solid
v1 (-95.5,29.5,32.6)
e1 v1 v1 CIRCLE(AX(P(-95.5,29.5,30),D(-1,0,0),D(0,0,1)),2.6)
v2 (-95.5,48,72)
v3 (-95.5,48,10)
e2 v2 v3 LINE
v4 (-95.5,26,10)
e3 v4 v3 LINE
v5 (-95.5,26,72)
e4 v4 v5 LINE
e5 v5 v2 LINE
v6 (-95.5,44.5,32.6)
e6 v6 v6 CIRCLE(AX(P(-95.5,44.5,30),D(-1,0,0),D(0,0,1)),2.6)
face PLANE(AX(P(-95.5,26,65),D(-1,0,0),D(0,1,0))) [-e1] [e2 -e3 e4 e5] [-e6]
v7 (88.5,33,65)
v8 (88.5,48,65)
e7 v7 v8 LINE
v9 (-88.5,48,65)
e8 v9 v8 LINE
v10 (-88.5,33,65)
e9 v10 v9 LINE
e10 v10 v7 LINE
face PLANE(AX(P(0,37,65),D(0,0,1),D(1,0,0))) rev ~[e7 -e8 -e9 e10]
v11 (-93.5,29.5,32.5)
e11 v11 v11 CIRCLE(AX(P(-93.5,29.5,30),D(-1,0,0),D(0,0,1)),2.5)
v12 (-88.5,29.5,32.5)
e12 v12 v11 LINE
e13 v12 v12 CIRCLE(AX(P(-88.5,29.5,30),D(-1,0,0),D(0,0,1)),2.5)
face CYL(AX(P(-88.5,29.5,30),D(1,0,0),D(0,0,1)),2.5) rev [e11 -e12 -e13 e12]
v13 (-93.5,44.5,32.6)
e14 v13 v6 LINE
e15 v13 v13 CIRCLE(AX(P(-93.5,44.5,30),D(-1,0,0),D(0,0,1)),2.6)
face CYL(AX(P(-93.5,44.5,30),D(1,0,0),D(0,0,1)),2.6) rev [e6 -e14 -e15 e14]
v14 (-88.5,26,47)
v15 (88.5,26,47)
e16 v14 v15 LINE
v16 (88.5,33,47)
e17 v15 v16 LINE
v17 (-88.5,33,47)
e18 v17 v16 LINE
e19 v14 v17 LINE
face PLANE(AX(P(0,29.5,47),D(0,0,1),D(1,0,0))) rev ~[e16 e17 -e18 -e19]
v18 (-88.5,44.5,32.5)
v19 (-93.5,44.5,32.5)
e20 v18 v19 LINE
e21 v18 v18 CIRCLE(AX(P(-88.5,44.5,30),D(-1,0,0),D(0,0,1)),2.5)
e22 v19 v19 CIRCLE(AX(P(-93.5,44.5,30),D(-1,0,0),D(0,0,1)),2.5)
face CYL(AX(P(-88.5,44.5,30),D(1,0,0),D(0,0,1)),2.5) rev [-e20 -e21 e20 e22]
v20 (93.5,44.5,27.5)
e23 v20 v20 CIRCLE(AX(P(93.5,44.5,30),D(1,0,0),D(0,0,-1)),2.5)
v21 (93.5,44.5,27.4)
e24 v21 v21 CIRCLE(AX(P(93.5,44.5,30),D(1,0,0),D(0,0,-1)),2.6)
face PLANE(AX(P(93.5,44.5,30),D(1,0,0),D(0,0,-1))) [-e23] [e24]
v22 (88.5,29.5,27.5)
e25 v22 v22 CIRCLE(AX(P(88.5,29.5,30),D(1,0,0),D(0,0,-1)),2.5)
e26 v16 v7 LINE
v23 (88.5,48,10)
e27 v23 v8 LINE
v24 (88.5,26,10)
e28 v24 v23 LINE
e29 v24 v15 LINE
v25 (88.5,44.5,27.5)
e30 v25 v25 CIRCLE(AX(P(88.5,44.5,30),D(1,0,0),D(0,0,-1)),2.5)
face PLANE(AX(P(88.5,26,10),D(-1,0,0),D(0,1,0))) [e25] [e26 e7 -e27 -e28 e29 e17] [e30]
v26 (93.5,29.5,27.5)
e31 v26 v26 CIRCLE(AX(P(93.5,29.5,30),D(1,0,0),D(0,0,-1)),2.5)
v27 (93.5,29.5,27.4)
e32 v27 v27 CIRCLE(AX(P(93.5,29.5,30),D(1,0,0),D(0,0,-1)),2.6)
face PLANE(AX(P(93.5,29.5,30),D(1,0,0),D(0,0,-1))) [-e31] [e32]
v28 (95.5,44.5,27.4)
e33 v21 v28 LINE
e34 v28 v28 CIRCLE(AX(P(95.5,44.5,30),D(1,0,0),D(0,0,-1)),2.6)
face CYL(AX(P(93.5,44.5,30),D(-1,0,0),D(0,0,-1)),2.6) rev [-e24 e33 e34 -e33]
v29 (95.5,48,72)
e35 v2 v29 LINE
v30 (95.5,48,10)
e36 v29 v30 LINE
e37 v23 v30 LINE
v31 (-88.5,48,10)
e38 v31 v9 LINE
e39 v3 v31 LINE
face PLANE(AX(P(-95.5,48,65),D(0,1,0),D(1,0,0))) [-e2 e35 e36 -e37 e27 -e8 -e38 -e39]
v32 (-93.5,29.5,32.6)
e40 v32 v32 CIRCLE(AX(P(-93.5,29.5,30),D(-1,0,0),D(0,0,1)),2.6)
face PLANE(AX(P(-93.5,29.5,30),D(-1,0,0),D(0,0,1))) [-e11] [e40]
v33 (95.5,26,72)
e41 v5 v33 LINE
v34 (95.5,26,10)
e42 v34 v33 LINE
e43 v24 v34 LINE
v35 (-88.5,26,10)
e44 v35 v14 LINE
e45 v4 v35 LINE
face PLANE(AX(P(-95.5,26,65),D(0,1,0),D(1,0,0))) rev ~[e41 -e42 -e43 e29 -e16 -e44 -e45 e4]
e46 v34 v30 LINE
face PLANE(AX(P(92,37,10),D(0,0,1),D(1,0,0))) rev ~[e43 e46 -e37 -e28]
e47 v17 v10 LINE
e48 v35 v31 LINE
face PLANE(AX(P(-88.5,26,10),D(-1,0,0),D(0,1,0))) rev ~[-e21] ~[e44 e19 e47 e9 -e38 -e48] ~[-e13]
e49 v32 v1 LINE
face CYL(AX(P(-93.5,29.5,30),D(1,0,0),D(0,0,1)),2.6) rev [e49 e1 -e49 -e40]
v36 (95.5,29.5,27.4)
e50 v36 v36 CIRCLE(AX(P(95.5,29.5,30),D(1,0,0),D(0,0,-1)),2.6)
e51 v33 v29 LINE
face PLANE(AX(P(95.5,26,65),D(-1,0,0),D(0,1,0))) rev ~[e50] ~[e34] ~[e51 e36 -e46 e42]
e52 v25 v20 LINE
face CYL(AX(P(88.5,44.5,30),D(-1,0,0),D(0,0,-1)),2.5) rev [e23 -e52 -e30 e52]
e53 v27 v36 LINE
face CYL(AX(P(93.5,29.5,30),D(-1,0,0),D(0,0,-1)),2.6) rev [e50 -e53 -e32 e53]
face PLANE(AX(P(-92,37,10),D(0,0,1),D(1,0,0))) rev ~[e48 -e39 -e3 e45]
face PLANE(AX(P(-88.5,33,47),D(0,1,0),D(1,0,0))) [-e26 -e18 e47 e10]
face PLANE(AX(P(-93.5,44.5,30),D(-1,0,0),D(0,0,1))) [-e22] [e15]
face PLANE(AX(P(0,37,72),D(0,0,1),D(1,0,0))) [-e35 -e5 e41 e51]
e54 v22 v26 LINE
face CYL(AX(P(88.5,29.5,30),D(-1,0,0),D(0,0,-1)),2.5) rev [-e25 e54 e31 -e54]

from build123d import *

# Parameters (mm, degrees)
CYLINDER145_R             = 2.6
CYLINDER145_DEPTH         = 2
CYLINDER144_R             = 2.5
CYLINDER144_DEPTH         = 5
FUSION066_PLACEMENT_ANGLE = 90
CYLINDER153_R             = 2.6
CYLINDER153_DEPTH         = 2
CYLINDER152_R             = 2.5
CYLINDER152_DEPTH         = 5
FUSION070_PLACEMENT_ANGLE = 90
CYLINDER148_R             = 2.6
CYLINDER148_DEPTH         = 2
CYLINDER147_R             = 2.5
CYLINDER147_DEPTH         = 5
FUSION071_PLACEMENT_ANGLE = 90
CYLINDER139_R             = 2.6
CYLINDER139_DEPTH         = 2
CYLINDER138_R             = 2.5
CYLINDER138_DEPTH         = 5
FUSION064_PLACEMENT_ANGLE = 270
BOX037_W                  = 177
BOX037_H                  = 7
BOX037_DEPTH              = 18
BOX033_W                  = 7
BOX033_H                  = 22
BOX033_DEPTH              = 55
BOX034_W                  = 191
BOX034_H                  = 22
BOX034_DEPTH              = 7
BOX032_W                  = 7
BOX032_H                  = 22
BOX032_DEPTH              = 55


with BuildPart() as cilindro145:
    # Cylinder145 → Cylinder145 (new body)
    with BuildSketch(Plane.XY.offset(5)):
        Circle(CYLINDER145_R)
    extrude(amount=CYLINDER145_DEPTH)


with BuildPart() as enganche_lego032:
    # Cylinder144 → Cylinder144 (new body)
    with BuildSketch(Plane.XY):
        Circle(CYLINDER144_R)
    extrude(amount=CYLINDER144_DEPTH)

    # Fusion066: union Cilindro145
    add(cilindro145.part)


with BuildPart() as enganche_lego032_1:
    # Fusion066 placement: moved
    add(enganche_lego032.part.moved(Location((88.5, 29.5, 30))).rotate(Axis((88.5, 29.5, 30), (0, 1, 0)), FUSION066_PLACEMENT_ANGLE))


with BuildPart() as cilindro153:
    # Cylinder153 → Cylinder153 (new body)
    with BuildSketch(Plane.XY.offset(5)):
        Circle(CYLINDER153_R)
    extrude(amount=CYLINDER153_DEPTH)


with BuildPart() as enganche_lego036:
    # Cylinder152 → Cylinder152 (new body)
    with BuildSketch(Plane.XY):
        Circle(CYLINDER152_R)
    extrude(amount=CYLINDER152_DEPTH)

    # Fusion070: union Cilindro153
    add(cilindro153.part)


with BuildPart() as enganche_lego036_1:
    # Fusion070 placement: moved
    add(enganche_lego036.part.moved(Location((88.5, 44.5, 30))).rotate(Axis((88.5, 44.5, 30), (0, 1, 0)), FUSION070_PLACEMENT_ANGLE))


with BuildPart() as cilindro148:
    # Cylinder148 → Cylinder148 (new body)
    with BuildSketch(Plane.XY.offset(5)):
        Circle(CYLINDER148_R)
    extrude(amount=CYLINDER148_DEPTH)


with BuildPart() as enganche_lego037:
    # Cylinder147 → Cylinder147 (new body)
    with BuildSketch(Plane.XY):
        Circle(CYLINDER147_R)
    extrude(amount=CYLINDER147_DEPTH)

    # Fusion071: union Cilindro148
    add(cilindro148.part)


with BuildPart() as enganche_lego037_1:
    # Fusion071 placement: moved
    add(enganche_lego037.part.moved(Location((-88.5, 44.5, 30))).rotate(Axis((-88.5, 44.5, 30), (0, -1, 0)), FUSION071_PLACEMENT_ANGLE))


with BuildPart() as cilindro139:
    # Cylinder139 → Cylinder139 (new body)
    with BuildSketch(Plane.XY.offset(5)):
        Circle(CYLINDER139_R)
    extrude(amount=CYLINDER139_DEPTH)


with BuildPart() as fusion074:
    # Cylinder138 → Cylinder138 (new body)
    with BuildSketch(Plane.XY):
        Circle(CYLINDER138_R)
    extrude(amount=CYLINDER138_DEPTH)

    # Fusion064: union Cilindro139
    add(cilindro139.part)


with BuildPart() as fusion074_1:
    # Fusion064 placement: moved
    add(fusion074.part.moved(Location((-88.5, 29.5, 30))).rotate(Axis((-88.5, 29.5, 30), (0, 1, 0)), FUSION064_PLACEMENT_ANGLE))

    # Fusion074: union enganche_lego032, enganche_lego036, enganche_lego037
    add(enganche_lego032_1.part)
    add(enganche_lego036_1.part)
    add(enganche_lego037_1.part)


with BuildPart() as cubo034:
    # Box037 → Box037 (new body)
    with BuildSketch(Plane(origin=(-88.5, 26, 47), x_dir=(1, 0, 0), z_dir=(0, 0, 1))):
        with Locations((88.5, 3.5)):
            Rectangle(BOX037_W, BOX037_H)
    extrude(amount=BOX037_DEPTH)


with BuildPart() as cubo030:
    # Box033 → Box033 (new body)
    with BuildSketch(Plane(origin=(88.5, 26, 10), x_dir=(1, 0, 0), z_dir=(0, 0, 1))):
        with Locations((3.5, 11)):
            Rectangle(BOX033_W, BOX033_H)
    extrude(amount=BOX033_DEPTH)


with BuildPart() as cubo031:
    # Box034 → Box034 (new body)
    with BuildSketch(Plane(origin=(-95.5, 26, 65), x_dir=(1, 0, 0), z_dir=(0, 0, 1))):
        with Locations((95.5, 11)):
            Rectangle(BOX034_W, BOX034_H)
    extrude(amount=BOX034_DEPTH)


with BuildPart() as engranajesuj2:
    # Box032 → Box032 (new body)
    with BuildSketch(Plane(origin=(-95.5, 26, 10), x_dir=(1, 0, 0), z_dir=(0, 0, 1))):
        with Locations((3.5, 11)):
            Rectangle(BOX032_W, BOX032_H)
    extrude(amount=BOX032_DEPTH)

    # Fusion058: union Cubo034, Cubo030, Cubo031
    add(cubo034.part)
    add(cubo030.part)
    add(cubo031.part)

    # Cut058: cut Fusion074
    add(fusion074_1.part, mode=Mode.SUBTRACT)


solid = engranajesuj2.part
